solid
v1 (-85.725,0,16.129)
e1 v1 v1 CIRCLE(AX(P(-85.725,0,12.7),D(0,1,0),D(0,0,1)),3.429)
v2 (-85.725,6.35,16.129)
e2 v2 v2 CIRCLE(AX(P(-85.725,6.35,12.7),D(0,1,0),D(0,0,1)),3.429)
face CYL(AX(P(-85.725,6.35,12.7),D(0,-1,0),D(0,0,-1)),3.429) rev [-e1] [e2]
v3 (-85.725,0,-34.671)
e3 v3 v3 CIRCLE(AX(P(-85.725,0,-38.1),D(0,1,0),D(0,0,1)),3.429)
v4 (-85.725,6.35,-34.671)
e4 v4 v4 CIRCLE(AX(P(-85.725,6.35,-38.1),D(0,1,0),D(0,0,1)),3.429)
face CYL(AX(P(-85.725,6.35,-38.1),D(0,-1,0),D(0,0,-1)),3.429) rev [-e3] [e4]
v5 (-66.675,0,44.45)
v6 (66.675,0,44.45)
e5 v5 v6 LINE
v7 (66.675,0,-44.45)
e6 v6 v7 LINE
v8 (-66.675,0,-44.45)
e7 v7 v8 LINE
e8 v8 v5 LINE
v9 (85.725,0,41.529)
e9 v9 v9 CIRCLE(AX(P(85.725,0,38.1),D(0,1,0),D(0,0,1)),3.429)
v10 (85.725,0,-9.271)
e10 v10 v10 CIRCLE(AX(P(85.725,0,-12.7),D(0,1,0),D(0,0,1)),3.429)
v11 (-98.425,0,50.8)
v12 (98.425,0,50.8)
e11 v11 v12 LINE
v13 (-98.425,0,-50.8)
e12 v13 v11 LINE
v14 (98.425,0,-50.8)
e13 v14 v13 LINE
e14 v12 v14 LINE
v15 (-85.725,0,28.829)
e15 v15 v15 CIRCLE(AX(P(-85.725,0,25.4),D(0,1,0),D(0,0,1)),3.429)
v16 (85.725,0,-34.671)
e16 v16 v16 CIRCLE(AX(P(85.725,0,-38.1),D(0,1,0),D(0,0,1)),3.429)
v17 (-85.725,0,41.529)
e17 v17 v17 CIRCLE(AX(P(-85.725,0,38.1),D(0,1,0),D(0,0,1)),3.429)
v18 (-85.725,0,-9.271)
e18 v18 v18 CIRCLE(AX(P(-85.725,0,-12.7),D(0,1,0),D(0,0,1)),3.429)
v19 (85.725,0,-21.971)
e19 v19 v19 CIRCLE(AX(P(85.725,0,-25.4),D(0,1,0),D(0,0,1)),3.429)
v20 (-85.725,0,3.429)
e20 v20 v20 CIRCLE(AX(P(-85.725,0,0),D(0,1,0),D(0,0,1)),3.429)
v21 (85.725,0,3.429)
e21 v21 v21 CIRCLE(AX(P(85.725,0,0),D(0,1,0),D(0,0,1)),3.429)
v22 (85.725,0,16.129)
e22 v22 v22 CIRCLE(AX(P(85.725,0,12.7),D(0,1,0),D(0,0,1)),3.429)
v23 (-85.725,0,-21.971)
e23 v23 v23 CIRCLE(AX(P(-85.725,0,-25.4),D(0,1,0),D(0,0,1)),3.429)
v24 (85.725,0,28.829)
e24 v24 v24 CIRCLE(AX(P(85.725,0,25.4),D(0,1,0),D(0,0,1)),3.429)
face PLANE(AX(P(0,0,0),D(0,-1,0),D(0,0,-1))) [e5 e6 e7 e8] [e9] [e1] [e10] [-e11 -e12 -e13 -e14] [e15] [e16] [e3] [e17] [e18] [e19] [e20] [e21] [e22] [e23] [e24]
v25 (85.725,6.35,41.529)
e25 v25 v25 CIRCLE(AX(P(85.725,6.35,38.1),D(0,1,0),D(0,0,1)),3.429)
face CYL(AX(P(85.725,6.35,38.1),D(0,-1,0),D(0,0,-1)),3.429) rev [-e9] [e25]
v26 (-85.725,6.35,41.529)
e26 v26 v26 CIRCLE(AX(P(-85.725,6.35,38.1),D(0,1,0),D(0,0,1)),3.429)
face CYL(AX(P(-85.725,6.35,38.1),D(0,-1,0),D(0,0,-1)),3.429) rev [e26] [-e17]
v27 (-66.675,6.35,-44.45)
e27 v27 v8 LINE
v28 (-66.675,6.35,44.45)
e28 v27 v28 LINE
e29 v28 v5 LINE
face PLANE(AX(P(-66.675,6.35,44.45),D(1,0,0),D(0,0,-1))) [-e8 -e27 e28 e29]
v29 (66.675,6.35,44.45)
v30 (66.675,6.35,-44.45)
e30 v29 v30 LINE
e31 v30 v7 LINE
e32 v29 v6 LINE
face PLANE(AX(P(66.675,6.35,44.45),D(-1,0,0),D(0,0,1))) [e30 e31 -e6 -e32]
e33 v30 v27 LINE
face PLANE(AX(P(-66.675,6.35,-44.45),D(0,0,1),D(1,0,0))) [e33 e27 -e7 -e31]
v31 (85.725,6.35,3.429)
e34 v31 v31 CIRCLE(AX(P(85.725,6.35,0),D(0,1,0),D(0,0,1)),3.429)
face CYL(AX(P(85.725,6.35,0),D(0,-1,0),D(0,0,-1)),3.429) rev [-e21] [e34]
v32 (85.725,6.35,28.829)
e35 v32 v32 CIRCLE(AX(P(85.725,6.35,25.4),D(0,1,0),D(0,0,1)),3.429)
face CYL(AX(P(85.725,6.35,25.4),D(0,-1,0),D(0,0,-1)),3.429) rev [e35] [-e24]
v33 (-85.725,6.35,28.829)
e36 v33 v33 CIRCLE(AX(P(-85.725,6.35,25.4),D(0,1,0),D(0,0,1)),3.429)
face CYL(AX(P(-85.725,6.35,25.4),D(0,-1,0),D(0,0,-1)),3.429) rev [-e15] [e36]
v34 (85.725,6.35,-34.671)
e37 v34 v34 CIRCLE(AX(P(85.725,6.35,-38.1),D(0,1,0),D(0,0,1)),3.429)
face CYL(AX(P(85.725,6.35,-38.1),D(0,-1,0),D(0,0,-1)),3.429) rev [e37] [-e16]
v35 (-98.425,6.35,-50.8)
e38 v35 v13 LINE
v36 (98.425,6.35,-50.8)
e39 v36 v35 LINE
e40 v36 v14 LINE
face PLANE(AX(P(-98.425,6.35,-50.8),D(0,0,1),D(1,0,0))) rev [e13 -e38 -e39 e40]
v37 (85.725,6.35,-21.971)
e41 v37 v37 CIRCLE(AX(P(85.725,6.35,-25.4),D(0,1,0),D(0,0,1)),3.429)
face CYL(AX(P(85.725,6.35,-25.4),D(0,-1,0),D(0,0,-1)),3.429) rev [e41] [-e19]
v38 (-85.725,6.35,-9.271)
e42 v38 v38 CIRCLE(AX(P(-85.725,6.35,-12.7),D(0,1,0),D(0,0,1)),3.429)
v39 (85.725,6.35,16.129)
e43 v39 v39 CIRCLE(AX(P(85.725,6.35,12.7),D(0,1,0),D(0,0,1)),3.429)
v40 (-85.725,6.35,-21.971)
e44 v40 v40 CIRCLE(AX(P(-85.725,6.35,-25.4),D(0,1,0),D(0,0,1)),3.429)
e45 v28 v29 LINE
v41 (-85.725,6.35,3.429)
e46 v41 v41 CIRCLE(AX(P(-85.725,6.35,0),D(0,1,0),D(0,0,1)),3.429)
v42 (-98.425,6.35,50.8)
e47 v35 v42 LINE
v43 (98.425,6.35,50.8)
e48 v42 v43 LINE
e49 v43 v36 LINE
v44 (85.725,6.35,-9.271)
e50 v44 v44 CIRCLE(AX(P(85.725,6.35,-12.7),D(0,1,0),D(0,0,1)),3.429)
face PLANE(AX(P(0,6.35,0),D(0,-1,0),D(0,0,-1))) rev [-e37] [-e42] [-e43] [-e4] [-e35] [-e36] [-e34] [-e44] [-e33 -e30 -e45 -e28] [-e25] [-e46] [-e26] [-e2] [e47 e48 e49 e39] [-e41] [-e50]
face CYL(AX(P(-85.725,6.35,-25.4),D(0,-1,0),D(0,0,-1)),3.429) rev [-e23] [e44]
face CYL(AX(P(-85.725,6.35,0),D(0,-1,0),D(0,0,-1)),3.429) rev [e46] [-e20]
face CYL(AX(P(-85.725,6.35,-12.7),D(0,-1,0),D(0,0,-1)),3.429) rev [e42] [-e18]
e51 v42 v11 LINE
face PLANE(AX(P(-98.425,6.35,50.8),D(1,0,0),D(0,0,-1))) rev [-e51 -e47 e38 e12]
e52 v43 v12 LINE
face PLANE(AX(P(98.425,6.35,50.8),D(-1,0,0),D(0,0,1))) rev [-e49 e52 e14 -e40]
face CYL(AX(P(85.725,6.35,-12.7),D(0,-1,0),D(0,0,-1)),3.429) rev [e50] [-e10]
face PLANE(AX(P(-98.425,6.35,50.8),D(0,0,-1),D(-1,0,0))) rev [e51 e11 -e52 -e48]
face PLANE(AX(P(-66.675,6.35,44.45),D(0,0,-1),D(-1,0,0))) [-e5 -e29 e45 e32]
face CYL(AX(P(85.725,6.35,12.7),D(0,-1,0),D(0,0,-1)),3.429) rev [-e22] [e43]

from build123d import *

# Parameters (mm, degrees)
SKETCH1_W           = 196.85
SKETCH1_H           = 101.6
SKETCH1_R           = 3.429
SKETCH1_W_2         = 133.35
SKETCH1_H_2         = 88.9
BOSS_EXTRUDE1_DEPTH = 6.35


with BuildPart() as part:
    # Sketch1 → Boss-Extrude1 (new body)
    with BuildSketch(Plane(origin=(0, 0, 0), x_dir=(1, 0, 0), z_dir=(0, 1, 0))):
        Rectangle(SKETCH1_W, SKETCH1_H)
        with Locations(Location((-85.725, 38.1, 0), (0, 0, 270))):
            Circle(SKETCH1_R, mode=Mode.SUBTRACT)
        with Locations(Location((85.725, 38.1, 0), (0, 0, 270))):
            Circle(SKETCH1_R, mode=Mode.SUBTRACT)
        with Locations(Location((85.725, 25.4, 0), (0, 0, 270))):
            Circle(SKETCH1_R, mode=Mode.SUBTRACT)
        with Locations(Location((85.725, 12.7, 0), (0, 0, 270))):
            Circle(SKETCH1_R, mode=Mode.SUBTRACT)
        with Locations(Location((85.725, 0, 0), (0, 0, 270))):
            Circle(SKETCH1_R, mode=Mode.SUBTRACT)
        with Locations(Location((85.725, -12.7, 0), (0, 0, 270))):
            Circle(SKETCH1_R, mode=Mode.SUBTRACT)
        with Locations(Location((85.725, -25.4, 0), (0, 0, 270))):
            Circle(SKETCH1_R, mode=Mode.SUBTRACT)
        with Locations(Location((85.725, -38.1, 0), (0, 0, 270))):
            Circle(SKETCH1_R, mode=Mode.SUBTRACT)
        with Locations(Location((-85.725, 25.4, 0), (0, 0, 270))):
            Circle(SKETCH1_R, mode=Mode.SUBTRACT)
        with Locations(Location((-85.725, 12.7, 0), (0, 0, 270))):
            Circle(SKETCH1_R, mode=Mode.SUBTRACT)
        with Locations(Location((-85.725, 0, 0), (0, 0, 270))):
            Circle(SKETCH1_R, mode=Mode.SUBTRACT)
        with Locations(Location((-85.725, -12.7, 0), (0, 0, 270))):
            Circle(SKETCH1_R, mode=Mode.SUBTRACT)
        with Locations(Location((-85.725, -25.4, 0), (0, 0, 270))):
            Circle(SKETCH1_R, mode=Mode.SUBTRACT)
        with Locations(Location((-85.725, -38.1, 0), (0, 0, 270))):
            Circle(SKETCH1_R, mode=Mode.SUBTRACT)
        Rectangle(SKETCH1_W_2, SKETCH1_H_2, mode=Mode.SUBTRACT)
    extrude(amount=BOSS_EXTRUDE1_DEPTH)


solid = part.part
